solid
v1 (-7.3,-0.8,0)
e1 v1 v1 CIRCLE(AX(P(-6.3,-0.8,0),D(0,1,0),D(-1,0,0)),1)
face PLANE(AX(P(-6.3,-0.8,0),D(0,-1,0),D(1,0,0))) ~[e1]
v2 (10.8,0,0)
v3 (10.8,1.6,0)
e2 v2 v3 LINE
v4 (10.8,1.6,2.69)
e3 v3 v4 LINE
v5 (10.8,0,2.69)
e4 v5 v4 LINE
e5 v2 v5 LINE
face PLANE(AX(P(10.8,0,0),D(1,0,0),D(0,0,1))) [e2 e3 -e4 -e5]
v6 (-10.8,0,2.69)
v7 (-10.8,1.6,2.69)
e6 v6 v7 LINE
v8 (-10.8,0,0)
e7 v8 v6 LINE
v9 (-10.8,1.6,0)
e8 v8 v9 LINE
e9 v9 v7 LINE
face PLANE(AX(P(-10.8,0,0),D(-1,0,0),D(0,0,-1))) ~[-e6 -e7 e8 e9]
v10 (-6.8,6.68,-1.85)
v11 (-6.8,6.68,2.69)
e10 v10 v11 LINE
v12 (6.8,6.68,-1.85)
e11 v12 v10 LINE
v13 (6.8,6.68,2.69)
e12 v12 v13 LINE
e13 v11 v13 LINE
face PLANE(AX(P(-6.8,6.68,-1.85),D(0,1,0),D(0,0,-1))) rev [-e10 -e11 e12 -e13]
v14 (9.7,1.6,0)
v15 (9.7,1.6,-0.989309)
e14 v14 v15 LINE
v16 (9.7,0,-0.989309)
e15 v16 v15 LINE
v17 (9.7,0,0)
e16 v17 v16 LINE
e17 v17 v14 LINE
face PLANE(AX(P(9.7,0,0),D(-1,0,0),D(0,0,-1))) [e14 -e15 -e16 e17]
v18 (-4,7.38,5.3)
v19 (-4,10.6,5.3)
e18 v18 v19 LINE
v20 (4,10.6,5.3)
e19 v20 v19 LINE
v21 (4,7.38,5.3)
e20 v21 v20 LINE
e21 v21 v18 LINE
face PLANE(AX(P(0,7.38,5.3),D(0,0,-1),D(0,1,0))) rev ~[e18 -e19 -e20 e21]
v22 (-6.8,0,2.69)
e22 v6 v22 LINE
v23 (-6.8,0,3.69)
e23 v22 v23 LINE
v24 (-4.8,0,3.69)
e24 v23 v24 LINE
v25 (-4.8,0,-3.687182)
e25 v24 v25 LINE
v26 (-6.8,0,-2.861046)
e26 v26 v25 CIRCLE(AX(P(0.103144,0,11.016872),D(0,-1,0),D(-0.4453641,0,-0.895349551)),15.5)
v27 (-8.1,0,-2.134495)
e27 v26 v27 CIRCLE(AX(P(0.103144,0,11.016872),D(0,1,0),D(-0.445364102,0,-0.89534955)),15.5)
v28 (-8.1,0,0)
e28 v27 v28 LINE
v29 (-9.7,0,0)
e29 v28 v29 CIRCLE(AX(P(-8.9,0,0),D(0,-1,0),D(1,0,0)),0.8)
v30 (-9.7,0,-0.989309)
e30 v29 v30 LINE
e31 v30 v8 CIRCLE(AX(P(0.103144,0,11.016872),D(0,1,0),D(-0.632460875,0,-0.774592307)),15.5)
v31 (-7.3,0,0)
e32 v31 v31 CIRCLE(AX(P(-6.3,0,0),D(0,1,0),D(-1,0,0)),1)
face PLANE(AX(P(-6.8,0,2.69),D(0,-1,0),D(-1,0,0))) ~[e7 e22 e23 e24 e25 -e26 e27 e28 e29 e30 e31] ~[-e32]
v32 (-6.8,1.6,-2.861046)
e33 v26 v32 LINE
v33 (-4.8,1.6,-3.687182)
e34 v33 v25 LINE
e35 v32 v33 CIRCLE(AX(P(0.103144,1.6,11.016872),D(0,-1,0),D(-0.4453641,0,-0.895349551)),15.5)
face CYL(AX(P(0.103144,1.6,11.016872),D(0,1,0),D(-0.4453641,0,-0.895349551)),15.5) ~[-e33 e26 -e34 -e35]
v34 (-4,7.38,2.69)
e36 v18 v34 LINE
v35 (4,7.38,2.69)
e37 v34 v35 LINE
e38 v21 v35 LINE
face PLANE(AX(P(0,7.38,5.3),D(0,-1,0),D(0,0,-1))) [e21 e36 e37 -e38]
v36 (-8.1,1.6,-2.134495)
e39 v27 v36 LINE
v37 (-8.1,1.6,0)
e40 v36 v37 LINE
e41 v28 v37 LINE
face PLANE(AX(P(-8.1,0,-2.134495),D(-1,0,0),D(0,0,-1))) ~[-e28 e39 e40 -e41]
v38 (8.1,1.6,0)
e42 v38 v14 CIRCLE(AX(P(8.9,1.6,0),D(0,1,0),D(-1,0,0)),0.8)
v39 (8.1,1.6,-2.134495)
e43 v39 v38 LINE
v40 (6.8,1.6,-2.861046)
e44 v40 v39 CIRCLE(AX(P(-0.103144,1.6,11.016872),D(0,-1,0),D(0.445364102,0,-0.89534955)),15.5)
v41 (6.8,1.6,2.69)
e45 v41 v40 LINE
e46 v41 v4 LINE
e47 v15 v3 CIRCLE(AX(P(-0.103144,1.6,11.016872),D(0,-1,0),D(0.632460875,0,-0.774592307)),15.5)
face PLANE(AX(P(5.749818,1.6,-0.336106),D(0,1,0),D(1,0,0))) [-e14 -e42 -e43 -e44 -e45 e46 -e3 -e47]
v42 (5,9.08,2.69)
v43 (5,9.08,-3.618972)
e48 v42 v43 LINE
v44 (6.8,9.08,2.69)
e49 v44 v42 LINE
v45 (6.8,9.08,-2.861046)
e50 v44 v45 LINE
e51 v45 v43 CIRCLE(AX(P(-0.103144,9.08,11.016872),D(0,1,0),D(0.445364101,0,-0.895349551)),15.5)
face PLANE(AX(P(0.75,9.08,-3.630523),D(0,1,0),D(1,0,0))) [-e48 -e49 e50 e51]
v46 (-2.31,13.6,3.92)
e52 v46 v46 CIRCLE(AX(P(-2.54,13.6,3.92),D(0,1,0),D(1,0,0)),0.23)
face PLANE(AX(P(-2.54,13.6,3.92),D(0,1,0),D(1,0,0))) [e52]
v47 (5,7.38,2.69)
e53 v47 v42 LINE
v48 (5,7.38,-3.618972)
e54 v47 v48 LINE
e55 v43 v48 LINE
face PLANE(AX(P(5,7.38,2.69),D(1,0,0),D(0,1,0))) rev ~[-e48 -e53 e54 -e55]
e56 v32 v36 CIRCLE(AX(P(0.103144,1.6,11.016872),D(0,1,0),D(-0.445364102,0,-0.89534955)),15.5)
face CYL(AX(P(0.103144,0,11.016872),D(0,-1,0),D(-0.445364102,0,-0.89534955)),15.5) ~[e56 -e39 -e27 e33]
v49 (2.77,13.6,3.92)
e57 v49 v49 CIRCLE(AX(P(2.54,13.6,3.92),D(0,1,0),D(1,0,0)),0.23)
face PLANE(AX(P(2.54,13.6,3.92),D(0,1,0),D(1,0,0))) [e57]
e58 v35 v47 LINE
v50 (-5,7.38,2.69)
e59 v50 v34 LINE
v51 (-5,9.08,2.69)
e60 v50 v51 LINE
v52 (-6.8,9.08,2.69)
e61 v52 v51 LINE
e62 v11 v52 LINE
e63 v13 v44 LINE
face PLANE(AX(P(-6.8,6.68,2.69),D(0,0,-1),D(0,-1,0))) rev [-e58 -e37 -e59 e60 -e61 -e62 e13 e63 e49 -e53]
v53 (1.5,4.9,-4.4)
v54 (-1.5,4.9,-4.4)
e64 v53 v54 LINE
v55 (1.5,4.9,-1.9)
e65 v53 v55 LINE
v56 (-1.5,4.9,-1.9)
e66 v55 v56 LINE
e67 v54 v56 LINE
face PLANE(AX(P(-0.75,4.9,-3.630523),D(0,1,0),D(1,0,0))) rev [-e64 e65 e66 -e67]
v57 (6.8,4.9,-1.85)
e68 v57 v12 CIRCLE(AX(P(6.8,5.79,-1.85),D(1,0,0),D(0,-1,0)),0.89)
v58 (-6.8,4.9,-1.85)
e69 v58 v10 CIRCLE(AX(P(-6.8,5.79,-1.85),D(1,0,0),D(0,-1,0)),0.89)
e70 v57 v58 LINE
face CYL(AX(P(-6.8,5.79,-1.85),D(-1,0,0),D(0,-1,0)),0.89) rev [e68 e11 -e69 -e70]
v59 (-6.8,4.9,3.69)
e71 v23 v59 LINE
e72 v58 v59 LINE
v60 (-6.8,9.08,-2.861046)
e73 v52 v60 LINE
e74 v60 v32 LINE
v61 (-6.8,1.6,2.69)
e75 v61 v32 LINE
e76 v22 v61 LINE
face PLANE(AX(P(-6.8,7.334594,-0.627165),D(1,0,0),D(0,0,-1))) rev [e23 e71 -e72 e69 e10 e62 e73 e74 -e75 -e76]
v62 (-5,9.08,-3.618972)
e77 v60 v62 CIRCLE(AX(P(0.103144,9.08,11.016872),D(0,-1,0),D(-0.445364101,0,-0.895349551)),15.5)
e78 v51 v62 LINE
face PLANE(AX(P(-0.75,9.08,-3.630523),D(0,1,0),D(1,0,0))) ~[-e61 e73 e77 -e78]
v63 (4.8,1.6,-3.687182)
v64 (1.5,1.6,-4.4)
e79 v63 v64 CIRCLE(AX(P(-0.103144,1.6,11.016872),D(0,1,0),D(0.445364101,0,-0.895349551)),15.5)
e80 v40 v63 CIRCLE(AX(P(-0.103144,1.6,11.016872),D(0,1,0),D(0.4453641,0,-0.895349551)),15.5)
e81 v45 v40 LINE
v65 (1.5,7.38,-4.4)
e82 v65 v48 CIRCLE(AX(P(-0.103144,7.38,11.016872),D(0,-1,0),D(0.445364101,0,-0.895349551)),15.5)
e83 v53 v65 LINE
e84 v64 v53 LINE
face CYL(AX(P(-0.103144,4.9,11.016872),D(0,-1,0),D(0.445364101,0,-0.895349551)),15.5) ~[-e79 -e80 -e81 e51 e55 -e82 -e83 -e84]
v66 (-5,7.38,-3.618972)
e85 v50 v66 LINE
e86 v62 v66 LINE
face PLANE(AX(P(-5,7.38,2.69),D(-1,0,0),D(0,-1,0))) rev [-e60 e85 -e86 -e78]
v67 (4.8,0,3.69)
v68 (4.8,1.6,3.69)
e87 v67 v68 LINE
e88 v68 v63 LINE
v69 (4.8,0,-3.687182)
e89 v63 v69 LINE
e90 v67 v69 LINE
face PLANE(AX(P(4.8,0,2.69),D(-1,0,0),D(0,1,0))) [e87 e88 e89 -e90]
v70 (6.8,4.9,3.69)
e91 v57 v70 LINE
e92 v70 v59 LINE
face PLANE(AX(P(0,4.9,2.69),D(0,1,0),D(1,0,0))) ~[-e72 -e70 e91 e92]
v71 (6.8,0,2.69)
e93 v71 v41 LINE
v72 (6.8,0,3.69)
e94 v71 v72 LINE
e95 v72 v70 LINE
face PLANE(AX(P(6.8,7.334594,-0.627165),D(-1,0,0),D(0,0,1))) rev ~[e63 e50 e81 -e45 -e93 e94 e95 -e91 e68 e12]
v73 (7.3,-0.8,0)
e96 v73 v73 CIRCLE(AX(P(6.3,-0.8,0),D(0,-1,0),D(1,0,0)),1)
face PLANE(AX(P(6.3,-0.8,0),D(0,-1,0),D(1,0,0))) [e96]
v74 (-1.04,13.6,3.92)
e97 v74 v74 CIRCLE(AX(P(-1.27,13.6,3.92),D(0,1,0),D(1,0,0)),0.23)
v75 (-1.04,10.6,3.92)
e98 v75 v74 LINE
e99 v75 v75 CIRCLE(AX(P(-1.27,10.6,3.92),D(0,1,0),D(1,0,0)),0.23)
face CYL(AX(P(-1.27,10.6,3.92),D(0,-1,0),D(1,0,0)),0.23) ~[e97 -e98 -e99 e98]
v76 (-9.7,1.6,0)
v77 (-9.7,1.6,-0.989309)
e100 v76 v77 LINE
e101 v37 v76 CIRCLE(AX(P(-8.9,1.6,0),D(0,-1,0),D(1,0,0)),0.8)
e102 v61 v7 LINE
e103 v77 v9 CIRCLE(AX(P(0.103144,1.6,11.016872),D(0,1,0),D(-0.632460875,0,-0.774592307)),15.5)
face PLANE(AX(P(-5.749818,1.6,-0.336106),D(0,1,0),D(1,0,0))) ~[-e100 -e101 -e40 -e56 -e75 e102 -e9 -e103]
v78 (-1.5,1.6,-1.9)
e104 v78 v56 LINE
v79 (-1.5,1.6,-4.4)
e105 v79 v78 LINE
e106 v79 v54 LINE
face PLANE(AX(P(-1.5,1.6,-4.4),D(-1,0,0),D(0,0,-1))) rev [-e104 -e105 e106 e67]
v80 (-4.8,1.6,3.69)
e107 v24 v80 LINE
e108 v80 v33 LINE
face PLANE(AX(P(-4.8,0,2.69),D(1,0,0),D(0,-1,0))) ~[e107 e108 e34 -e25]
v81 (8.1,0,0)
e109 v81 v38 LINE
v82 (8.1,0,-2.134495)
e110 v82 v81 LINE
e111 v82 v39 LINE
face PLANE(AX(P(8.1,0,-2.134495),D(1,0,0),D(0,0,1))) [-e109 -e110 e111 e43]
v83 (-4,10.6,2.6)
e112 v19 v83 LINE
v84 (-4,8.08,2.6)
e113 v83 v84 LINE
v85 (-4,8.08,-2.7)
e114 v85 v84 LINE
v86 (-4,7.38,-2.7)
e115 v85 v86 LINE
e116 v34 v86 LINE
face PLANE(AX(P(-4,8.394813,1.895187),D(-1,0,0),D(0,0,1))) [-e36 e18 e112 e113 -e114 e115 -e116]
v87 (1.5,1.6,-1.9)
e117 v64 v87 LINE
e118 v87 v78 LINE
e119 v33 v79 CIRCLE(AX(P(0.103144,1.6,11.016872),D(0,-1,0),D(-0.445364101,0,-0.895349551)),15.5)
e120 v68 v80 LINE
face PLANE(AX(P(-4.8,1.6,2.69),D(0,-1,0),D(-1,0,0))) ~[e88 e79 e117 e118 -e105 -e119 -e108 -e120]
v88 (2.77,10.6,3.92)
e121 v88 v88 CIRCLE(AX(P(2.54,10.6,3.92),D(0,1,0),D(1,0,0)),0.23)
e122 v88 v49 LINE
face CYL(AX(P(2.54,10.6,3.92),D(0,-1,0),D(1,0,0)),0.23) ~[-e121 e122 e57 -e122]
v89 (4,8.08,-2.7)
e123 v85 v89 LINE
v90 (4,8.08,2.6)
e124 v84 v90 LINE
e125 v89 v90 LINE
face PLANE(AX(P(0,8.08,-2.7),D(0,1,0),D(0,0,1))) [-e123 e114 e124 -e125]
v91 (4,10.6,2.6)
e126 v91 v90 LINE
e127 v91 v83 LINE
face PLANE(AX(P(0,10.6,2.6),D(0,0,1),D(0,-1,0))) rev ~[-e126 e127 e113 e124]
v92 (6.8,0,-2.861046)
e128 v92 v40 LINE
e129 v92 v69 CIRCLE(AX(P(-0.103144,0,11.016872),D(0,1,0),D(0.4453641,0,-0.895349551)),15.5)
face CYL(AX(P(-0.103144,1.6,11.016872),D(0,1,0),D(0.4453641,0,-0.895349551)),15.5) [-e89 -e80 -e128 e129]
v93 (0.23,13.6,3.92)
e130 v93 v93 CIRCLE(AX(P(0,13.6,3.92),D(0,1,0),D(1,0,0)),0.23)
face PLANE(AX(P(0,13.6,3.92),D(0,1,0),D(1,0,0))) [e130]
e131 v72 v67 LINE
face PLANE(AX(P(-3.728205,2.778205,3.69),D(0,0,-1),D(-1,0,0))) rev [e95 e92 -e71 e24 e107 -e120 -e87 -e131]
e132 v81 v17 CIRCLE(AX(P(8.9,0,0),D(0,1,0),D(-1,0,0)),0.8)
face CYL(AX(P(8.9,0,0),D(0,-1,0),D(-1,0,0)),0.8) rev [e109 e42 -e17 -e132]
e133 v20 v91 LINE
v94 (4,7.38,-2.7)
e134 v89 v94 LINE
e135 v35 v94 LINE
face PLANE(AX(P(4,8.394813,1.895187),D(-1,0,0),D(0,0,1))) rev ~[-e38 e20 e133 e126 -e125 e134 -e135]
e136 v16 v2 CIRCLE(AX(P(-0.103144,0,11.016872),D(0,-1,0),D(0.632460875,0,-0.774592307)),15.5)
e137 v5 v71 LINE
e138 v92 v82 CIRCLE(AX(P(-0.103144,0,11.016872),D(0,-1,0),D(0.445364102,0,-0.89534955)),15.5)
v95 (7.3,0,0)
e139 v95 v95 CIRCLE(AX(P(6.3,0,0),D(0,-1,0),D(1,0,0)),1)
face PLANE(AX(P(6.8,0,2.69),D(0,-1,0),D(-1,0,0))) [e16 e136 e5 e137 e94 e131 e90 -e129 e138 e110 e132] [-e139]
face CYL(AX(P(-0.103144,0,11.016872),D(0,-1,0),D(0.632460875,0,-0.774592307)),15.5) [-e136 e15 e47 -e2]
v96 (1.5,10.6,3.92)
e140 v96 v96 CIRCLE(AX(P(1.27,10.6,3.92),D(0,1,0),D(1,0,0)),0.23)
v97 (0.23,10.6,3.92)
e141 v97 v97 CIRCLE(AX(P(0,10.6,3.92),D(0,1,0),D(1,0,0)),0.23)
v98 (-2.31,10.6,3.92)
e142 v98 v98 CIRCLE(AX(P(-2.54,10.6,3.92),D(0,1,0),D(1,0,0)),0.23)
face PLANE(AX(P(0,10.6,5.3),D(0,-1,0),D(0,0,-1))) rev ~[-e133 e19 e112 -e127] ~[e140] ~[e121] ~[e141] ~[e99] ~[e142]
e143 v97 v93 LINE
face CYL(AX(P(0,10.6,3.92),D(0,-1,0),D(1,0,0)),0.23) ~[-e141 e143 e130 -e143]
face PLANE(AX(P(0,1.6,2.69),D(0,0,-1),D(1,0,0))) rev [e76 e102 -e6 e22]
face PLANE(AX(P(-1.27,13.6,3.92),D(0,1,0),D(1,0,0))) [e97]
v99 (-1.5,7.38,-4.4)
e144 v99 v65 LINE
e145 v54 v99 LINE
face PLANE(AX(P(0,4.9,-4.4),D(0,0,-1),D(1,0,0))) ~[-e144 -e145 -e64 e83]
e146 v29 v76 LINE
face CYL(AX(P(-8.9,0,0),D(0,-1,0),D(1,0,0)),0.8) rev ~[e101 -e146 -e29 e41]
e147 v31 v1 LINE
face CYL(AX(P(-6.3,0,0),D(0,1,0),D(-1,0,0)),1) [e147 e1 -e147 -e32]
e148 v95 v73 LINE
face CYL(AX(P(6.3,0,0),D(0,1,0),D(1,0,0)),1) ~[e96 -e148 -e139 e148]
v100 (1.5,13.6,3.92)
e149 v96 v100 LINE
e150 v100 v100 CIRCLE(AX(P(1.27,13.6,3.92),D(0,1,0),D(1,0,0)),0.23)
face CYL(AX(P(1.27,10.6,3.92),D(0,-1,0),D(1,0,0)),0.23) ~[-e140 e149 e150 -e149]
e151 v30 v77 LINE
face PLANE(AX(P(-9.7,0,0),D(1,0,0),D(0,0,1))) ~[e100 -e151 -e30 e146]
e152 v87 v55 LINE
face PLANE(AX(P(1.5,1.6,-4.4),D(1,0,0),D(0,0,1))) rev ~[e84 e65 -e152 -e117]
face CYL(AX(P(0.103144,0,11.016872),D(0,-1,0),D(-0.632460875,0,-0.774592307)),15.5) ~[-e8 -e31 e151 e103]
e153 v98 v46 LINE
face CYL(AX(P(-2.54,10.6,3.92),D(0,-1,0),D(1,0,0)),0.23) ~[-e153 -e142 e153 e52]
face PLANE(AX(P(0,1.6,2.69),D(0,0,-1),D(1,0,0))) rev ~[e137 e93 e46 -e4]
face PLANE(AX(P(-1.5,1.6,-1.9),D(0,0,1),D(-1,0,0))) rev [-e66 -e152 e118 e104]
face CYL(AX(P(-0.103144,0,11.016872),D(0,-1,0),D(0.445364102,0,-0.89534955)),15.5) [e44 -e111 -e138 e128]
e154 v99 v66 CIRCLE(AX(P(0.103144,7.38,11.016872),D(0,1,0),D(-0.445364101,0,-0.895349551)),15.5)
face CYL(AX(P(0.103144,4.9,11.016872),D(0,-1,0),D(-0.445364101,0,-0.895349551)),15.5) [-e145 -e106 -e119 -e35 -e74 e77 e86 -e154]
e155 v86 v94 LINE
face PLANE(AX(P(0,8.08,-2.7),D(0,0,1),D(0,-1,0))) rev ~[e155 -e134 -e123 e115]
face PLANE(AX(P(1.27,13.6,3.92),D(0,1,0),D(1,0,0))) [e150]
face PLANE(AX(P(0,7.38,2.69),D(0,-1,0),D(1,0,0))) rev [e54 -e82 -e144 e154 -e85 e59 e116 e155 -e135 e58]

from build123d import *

# Parameters (mm, degrees)
BOSS_EXTRUDE1_DEPTH = 1.6
BOSS_EXTRUDE2_DEPTH = 1.6
BOSS_EXTRUDE3_DEPTH = 3.3
BOSS_EXTRUDE4_DEPTH = 1
BOSS_EXTRUDE5_DEPTH = 6.8
SKETCH7_W           = 1.5
SKETCH7_H           = 1.538953592
BOSS_EXTRUDE6_DEPTH = 4.18
SKETCH8_R           = 1
BOSS_EXTRUDE7_DEPTH = 0.8
SKETCH9_W           = 5
SKETCH9_H           = 1.7
CUT_EXTRUDE1_DEPTH  = 8.09
BOSS_EXTRUDE8_DEPTH = 4
SKETCH12_R          = 0.23
BOSS_EXTRUDE9_DEPTH = 3


with BuildPart() as part:
    # Sketch1 → Boss-Extrude1 (new body)
    with BuildSketch(Plane(origin=(0, 0, 0), x_dir=(1, 0, 0), z_dir=(0, 1, 0))):
        with BuildLine():
            Line((9.7, 0), (9.7, 0.989309127))
            ThreePointArc((9.7, 0.989309127), (10.261810116, 0.507786079), (10.8, 0))
            Line((10.8, 0), (10.8, -2.69))
            Line((10.8, -2.69), (6.8, -2.69))
            Line((6.8, -2.69), (6.8, 2.861046408))
            ThreePointArc((6.8, 2.861046408), (7.458731009, 2.513392708), (8.1, 2.134494679))
            Line((8.1, 2.134494679), (8.1, 0))
            ThreePointArc((8.1, 0), (8.9, -0.8), (9.7, 0))
        make_face()
    extrude(amount=BOSS_EXTRUDE1_DEPTH)

    # Sketch2 → Boss-Extrude2 (add)
    with BuildSketch(Plane(origin=(0, 1.6, 0), x_dir=(1, 0, 0), z_dir=(0, 1, 0))):
        with BuildLine():
            Line((6.8, -2.69), (6.8, 2.861046408))
            ThreePointArc((6.8, 2.861046408), (5.814434387, 3.309058403), (4.8, 3.687181666))
            Line((4.8, 3.687181666), (4.8, -2.69))
            Line((4.8, -2.69), (6.8, -2.69))
        make_face()
    extrude(amount=-BOSS_EXTRUDE2_DEPTH)

    # Sketch3 → Boss-Extrude3 (add)
    with BuildSketch(Plane(origin=(0, 1.6, 0), x_dir=(1, 0, 0), z_dir=(0, 1, 0))):
        with BuildLine():
            Line((6.8, -2.69), (6.8, 2.861046408))
            ThreePointArc((6.8, 2.861046408), (4.219046242, 3.868311453), (1.5, 4.4))
            Line((1.5, 4.4), (1.5, 1.9))
            Line((1.5, 1.9), (0, 1.9))
            Line((0, 1.9), (0, -2.69))
            Line((0, -2.69), (6.8, -2.69))
        make_face()
    extrude(amount=BOSS_EXTRUDE3_DEPTH)

    # Sketch4 → Boss-Extrude4 (add)
    with BuildSketch(Plane.XY.offset(2.69)):
        Polygon((6.8, 1.6), (6.8, 0), (4.8, 0), (4.8, 1.6), (0, 1.6), (0, 4.9), (6.8, 4.9), align=None)
    extrude(amount=BOSS_EXTRUDE4_DEPTH)

    # Sketch6 → Boss-Extrude5 (add)
    with BuildSketch(Plane(origin=(6.8, 0, 0), x_dir=(0, 0, -1), z_dir=(1, 0, 0))):
        with BuildLine():
            Line((-2.69, 9.08), (2.861046408, 9.08))
            Line((2.861046408, 9.08), (2.861046408, 4.9))
            Line((2.861046408, 4.9), (1.85, 4.9))
            ThreePointArc((1.85, 4.9), (2.74, 5.79), (1.85, 6.68))
            Line((1.85, 6.68), (-2.69, 6.68))
            Line((-2.69, 6.68), (-2.69, 9.08))
        make_face()
    extrude(amount=-BOSS_EXTRUDE5_DEPTH)

    # Sketch7 → Boss-Extrude6 (add)
    with BuildSketch(Plane(origin=(0, 4.9, 0), x_dir=(1, 0, 0), z_dir=(0, 1, 0))):
        with Locations((0.75, 3.630523204)):
            Rectangle(SKETCH7_W, SKETCH7_H)
        with BuildLine():
            Line((1.5, 4.4), (1.5, 2.861046408))
            Line((1.5, 2.861046408), (6.8, 2.861046408))
            ThreePointArc((6.8, 2.861046408), (4.219046242, 3.868311453), (1.5, 4.4))
        make_face()
    extrude(amount=BOSS_EXTRUDE6_DEPTH)

    # Sketch8 → Boss-Extrude7 (add)
    with BuildSketch(Plane.XZ):
        with Locations((6.3, 0)):
            Circle(SKETCH8_R)
    extrude(amount=BOSS_EXTRUDE7_DEPTH)

    # Sketch9 → Cut-Extrude1 (cut, through all)
    with BuildSketch(Plane.XY.offset(2.69)):
        with Locations((2.5, 8.23)):
            Rectangle(SKETCH9_W, SKETCH9_H)
    extrude(amount=-CUT_EXTRUDE1_DEPTH, mode=Mode.SUBTRACT)

    # Mirror3: part across plane


with BuildPart() as part_1:
    add(part.part)
    add(part.part.mirror(Plane(origin=(0, 4.9, -1.9), x_dir=(0, 0, 1), z_dir=(1, 0, 0))))

    # Sketch10 → Boss-Extrude8 (add, symmetric)
    with BuildSketch(Plane(origin=(0, 0, 0), x_dir=(0, 0, -1), z_dir=(1, 0, 0))):
        Polygon((0, 7.38), (-5.3, 7.38), (-5.3, 10.6), (-2.6, 10.6), (-2.6, 8.08), (0, 8.08), (2.7, 8.08), (2.7, 7.38), align=None)
    extrude(amount=BOSS_EXTRUDE8_DEPTH, both=True)

    # Sketch12 → Boss-Extrude9 (add)
    with BuildSketch(Plane(origin=(0, 10.6, 0), x_dir=(1, 0, 0), z_dir=(0, 1, 0))):
        with Locations((0, -3.92)):
            Circle(SKETCH12_R)
        with Locations((1.27, -3.92)):
            Circle(SKETCH12_R)
        with Locations((2.54, -3.92)):
            Circle(SKETCH12_R)
        with Locations((-1.27, -3.92)):
            Circle(SKETCH12_R)
        with Locations((-2.54, -3.92)):
            Circle(SKETCH12_R)
    extrude(amount=BOSS_EXTRUDE9_DEPTH)


solid = part_1.part
